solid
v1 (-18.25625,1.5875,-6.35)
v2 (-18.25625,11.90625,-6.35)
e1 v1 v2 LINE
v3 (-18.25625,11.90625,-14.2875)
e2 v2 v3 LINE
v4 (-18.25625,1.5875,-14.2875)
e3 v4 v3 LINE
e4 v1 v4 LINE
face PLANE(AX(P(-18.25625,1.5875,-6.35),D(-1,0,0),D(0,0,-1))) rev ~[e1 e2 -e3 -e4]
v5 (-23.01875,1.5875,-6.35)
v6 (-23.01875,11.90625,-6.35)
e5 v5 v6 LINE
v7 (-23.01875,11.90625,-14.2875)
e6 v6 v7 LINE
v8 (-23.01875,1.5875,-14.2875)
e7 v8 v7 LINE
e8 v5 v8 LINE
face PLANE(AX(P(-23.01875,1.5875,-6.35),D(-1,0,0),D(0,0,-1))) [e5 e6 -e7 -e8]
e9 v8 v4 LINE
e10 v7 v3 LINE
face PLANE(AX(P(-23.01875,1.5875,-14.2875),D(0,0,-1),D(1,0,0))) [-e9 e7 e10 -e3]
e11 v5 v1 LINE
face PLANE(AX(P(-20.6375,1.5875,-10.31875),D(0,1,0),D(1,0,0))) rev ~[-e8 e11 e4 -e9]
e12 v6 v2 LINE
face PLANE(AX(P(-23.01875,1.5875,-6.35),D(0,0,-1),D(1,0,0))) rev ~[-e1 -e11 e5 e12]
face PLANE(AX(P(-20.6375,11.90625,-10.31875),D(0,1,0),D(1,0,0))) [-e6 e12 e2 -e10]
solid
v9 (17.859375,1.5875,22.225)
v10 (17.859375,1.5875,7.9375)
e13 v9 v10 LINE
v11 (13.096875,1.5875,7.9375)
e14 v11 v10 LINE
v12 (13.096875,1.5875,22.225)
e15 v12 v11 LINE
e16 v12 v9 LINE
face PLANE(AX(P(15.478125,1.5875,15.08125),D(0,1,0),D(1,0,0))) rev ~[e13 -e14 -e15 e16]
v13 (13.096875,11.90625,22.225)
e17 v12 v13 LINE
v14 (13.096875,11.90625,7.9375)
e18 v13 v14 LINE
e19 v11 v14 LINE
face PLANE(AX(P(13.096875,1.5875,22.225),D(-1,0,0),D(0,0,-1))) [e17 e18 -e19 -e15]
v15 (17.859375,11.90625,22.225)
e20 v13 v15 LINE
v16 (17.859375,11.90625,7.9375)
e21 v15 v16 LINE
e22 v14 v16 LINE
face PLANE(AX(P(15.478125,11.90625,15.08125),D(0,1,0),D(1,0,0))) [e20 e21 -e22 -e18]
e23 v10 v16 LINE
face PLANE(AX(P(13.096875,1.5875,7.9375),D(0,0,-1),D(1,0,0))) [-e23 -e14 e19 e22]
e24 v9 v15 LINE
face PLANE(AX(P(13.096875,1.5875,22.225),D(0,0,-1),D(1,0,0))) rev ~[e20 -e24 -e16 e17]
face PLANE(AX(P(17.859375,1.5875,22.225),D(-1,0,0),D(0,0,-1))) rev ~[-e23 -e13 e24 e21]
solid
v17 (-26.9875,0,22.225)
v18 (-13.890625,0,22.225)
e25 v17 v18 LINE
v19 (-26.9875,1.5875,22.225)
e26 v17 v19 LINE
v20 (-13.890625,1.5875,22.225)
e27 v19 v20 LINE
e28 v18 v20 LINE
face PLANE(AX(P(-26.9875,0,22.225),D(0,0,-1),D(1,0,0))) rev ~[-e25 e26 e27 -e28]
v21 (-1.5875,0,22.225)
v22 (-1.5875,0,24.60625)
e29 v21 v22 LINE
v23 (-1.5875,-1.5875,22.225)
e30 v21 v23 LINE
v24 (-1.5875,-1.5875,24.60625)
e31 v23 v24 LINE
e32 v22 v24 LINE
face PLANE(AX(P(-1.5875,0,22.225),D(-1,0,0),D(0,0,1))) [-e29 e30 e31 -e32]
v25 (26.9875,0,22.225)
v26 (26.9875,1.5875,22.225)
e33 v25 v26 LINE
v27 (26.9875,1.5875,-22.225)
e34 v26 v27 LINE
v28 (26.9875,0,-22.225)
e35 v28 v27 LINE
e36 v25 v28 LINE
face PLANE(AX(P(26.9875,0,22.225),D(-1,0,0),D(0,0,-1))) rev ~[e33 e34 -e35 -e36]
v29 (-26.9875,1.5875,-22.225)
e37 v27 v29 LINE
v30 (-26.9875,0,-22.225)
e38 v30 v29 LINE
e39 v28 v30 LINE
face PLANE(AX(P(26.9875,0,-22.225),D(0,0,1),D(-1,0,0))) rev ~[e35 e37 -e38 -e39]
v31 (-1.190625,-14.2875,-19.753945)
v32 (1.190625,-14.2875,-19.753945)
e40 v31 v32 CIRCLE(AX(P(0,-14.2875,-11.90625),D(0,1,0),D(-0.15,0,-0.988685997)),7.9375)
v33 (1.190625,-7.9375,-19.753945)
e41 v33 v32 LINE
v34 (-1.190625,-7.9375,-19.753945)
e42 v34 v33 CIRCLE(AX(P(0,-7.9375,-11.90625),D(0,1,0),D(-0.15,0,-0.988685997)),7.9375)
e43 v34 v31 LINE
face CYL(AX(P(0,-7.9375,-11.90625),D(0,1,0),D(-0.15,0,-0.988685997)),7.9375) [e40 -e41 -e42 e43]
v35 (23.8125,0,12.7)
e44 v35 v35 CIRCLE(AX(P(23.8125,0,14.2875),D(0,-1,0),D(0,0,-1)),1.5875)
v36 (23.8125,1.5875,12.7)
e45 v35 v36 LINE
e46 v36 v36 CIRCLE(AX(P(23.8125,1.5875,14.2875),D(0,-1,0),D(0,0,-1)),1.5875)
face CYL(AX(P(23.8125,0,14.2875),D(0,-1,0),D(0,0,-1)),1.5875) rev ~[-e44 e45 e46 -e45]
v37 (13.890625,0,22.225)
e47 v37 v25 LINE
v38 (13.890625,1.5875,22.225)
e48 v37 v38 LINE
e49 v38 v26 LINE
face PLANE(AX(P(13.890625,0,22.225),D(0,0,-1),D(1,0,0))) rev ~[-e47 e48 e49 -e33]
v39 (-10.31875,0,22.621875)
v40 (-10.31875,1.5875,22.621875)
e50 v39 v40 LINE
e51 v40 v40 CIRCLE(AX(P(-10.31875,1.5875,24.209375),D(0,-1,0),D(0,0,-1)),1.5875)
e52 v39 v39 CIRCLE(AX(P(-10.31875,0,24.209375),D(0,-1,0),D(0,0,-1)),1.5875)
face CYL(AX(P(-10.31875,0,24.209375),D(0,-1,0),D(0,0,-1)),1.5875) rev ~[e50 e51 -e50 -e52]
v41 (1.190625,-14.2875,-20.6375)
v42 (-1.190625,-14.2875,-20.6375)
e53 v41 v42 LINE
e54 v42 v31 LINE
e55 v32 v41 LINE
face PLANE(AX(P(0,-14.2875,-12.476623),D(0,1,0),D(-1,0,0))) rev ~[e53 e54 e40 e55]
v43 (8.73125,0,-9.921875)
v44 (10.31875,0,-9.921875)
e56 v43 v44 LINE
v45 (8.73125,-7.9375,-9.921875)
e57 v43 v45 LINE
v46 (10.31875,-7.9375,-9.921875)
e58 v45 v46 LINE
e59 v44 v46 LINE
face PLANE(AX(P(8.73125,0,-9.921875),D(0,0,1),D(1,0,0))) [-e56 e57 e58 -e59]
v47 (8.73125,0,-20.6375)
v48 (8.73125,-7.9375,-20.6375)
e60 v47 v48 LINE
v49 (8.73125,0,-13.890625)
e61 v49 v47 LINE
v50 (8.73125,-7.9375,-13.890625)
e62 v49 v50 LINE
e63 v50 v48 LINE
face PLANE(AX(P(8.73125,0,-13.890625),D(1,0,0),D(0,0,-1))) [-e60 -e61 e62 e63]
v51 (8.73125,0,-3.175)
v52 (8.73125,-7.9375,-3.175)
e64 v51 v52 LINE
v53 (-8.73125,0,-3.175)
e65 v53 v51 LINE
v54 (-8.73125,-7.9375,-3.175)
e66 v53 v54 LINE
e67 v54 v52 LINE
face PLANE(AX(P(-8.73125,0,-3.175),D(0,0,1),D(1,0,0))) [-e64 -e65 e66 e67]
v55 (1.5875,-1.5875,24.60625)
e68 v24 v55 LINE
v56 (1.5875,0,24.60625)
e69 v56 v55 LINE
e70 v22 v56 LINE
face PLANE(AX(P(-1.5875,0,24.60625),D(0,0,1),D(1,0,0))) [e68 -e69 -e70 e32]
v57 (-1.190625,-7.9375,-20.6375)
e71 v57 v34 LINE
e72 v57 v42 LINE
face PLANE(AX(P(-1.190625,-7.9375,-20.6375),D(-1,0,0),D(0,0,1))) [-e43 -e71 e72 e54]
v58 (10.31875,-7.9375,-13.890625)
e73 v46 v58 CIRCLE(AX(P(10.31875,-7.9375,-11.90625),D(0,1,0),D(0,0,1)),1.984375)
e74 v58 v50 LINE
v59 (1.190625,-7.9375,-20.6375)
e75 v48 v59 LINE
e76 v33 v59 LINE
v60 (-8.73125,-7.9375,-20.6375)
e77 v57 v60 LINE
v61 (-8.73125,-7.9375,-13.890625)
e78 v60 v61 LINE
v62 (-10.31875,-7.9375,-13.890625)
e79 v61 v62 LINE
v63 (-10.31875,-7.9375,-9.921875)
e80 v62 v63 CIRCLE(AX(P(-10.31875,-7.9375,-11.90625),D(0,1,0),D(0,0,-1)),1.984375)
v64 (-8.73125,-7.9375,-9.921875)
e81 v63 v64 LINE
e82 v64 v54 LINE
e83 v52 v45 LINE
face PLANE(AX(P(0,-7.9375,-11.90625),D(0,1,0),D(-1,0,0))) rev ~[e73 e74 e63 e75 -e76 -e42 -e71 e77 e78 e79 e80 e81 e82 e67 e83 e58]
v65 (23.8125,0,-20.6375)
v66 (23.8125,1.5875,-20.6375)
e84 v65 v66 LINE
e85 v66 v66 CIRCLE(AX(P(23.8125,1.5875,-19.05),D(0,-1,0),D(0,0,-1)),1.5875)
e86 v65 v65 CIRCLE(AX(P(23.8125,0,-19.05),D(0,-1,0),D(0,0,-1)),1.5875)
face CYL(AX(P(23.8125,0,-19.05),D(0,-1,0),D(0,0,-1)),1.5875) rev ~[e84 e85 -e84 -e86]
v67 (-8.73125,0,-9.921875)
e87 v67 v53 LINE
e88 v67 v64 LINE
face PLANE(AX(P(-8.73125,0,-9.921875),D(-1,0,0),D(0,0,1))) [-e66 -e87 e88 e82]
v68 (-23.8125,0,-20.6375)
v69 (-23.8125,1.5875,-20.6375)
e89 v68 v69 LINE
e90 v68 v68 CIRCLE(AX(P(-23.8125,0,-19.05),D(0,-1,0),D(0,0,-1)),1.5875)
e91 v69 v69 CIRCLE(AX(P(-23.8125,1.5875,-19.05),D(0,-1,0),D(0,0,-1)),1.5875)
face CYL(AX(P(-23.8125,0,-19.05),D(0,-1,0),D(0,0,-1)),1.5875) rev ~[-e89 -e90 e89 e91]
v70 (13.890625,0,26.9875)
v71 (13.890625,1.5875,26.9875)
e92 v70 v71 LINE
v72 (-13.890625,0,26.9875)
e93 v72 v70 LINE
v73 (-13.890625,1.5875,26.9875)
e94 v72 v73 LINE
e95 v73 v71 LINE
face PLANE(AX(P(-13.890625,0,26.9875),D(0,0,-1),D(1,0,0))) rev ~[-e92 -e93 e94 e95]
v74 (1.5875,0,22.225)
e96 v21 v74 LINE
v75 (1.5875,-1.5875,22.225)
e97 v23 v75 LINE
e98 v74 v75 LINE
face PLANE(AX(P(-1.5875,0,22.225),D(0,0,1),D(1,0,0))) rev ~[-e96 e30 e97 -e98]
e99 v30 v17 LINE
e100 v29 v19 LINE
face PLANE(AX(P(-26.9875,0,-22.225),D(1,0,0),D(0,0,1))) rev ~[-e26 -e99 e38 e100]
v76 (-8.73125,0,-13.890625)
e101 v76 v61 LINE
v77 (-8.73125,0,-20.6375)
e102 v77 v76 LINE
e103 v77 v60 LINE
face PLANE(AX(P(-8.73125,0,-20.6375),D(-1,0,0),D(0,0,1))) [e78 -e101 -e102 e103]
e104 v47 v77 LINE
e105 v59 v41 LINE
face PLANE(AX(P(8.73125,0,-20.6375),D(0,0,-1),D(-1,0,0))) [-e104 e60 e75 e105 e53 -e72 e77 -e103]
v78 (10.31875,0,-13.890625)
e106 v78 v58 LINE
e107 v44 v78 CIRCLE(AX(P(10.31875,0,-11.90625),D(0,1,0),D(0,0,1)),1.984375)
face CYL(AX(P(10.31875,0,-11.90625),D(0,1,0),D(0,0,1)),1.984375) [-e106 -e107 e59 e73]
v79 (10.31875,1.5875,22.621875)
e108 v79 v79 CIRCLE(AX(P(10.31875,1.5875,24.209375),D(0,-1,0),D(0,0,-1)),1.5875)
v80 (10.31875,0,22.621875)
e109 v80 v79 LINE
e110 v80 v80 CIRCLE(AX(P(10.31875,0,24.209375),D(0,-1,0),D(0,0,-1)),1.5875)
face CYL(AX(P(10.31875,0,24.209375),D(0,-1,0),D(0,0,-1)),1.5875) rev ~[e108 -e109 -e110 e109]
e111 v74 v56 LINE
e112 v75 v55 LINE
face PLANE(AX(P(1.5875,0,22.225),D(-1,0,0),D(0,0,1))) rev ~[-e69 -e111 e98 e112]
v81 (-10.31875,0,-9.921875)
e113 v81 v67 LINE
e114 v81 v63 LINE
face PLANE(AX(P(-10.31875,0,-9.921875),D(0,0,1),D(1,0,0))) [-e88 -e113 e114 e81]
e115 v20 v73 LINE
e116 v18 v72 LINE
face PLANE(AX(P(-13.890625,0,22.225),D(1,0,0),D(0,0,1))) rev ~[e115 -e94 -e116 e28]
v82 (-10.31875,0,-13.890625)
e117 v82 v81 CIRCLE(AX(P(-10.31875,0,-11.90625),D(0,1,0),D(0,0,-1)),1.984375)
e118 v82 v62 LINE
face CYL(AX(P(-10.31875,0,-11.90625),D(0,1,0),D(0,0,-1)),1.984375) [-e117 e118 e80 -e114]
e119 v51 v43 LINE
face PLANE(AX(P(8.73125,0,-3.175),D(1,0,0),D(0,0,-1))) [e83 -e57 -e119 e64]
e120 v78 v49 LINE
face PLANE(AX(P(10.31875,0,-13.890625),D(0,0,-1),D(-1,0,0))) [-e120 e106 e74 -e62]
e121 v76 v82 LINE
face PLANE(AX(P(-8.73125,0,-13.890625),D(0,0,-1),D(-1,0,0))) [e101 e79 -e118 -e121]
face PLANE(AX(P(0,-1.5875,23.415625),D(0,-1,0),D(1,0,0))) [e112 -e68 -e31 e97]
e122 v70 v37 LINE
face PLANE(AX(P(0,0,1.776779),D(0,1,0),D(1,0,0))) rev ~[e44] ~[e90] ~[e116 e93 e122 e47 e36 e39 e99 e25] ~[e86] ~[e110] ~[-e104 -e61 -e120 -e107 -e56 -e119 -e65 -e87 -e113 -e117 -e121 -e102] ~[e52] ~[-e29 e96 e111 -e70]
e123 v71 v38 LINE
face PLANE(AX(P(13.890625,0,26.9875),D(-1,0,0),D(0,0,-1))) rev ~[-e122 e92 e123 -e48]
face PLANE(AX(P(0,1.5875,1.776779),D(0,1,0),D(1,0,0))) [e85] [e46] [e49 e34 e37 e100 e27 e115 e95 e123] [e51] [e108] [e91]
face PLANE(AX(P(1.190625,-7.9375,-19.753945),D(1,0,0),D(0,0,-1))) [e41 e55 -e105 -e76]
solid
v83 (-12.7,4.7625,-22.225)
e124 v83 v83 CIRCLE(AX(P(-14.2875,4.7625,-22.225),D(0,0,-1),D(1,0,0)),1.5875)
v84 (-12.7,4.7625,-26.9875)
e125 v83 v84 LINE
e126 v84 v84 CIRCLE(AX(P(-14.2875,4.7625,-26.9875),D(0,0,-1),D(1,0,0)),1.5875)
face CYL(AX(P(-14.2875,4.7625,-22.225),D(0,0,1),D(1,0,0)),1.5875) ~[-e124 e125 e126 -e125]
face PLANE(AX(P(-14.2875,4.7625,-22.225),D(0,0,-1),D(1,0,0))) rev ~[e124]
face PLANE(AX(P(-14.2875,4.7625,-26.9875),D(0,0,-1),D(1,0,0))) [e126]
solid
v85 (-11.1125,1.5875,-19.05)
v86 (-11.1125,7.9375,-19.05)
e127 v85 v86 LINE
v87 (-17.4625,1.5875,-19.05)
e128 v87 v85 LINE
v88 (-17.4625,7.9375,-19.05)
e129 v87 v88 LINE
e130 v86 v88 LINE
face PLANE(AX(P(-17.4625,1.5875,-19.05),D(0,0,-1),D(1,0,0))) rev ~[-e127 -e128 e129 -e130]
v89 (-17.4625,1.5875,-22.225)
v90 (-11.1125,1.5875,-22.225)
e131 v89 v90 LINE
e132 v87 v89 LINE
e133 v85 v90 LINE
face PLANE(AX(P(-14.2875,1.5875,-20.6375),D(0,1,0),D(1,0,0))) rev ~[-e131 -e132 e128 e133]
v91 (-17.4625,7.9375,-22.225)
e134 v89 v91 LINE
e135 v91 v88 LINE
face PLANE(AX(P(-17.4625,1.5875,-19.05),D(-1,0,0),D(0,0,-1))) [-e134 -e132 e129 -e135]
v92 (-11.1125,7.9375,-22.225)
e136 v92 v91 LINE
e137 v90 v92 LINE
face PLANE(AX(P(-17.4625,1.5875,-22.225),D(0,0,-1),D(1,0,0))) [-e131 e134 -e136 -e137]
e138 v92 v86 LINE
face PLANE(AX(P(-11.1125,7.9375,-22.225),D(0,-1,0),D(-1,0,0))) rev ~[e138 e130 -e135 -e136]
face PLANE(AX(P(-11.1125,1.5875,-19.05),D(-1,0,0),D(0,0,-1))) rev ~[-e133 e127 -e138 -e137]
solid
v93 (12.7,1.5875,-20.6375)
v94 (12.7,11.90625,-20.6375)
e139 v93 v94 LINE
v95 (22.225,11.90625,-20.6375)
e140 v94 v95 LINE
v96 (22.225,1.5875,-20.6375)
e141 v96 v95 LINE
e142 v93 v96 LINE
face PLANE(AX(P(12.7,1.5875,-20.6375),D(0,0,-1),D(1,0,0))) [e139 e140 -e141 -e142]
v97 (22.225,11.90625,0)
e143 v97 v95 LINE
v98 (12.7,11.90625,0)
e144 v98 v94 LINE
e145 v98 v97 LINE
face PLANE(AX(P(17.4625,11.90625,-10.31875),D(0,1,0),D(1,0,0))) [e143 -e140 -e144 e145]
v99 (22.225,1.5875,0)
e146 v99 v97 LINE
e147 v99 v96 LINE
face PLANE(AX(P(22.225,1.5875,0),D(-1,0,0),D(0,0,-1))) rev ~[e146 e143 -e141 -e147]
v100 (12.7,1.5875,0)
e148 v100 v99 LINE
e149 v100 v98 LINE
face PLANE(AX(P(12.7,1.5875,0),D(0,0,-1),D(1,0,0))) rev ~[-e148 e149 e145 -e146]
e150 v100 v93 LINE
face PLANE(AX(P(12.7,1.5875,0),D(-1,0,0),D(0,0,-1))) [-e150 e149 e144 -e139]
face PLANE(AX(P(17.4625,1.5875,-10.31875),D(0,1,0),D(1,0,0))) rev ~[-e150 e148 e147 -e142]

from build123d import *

# Parameters (mm, degrees)
BOSS_EXTRUDE1_DEPTH   = 1.5875
SKETCH2_W             = 4.7625
SKETCH2_H             = 14.2875
BOSS_EXTRUDE2_DEPTH   = 10.31875
SKETCH2_H_2           = 7.9375
BOSS_EXTRUDE2_2_DEPTH = 10.31875
SKETCH2_W_2           = 6.35
SKETCH2_H_3           = 3.175
BOSS_EXTRUDE2_3_DEPTH = 10.31875
SKETCH2_W_3           = 9.525
SKETCH2_H_4           = 20.6375
BOSS_EXTRUDE2_4_DEPTH = 10.31875
SKETCH3_R             = 1.5875
BOSS_EXTRUDE3_DEPTH   = 4.7625
SKETCH4_W             = 6.35
SKETCH4_H             = 3.96875
CUT_EXTRUDE1_DEPTH    = 58.37555317
BOSS_EXTRUDE4_DEPTH   = 7.9375
BOSS_EXTRUDE5_DEPTH   = 6.35
SKETCH7_R             = 1.5875
CUT_EXTRUDE2_DEPTH    = 41.752705048
SKETCH9_W             = 3.175
SKETCH9_H             = 2.38125
BOSS_EXTRUDE6_DEPTH   = 1.5875


with BuildPart() as part:
    # Sketch1 → Boss-Extrude1 (new body)
    with BuildSketch(Plane(origin=(0, 0, 0), x_dir=(1, 0, 0), z_dir=(0, 1, 0))):
        Polygon((13.890625, -22.225), (26.9875, -22.225), (26.9875, 22.225), (-26.9875, 22.225), (-26.9875, -22.225), (-13.890625, -22.225), (-13.890625, -26.9875), (13.890625, -26.9875), align=None)
    extrude(amount=BOSS_EXTRUDE1_DEPTH)

    # Sketch5 → Boss-Extrude4 (add)
    with BuildSketch(Plane.XZ):
        with BuildLine():
            Line((8.73125, -20.6375), (-8.73125, -20.6375))
            Line((-8.73125, -20.6375), (-8.73125, -13.890625))
            Line((-8.73125, -13.890625), (-10.31875, -13.890625))
            ThreePointArc((-10.31875, -13.890625), (-12.303125, -11.90625), (-10.31875, -9.921875))
            Line((-10.31875, -9.921875), (-8.73125, -9.921875))
            Line((-8.73125, -9.921875), (-8.73125, -3.175))
            Line((-8.73125, -3.175), (8.73125, -3.175))
            Line((8.73125, -3.175), (8.73125, -9.921875))
            Line((8.73125, -9.921875), (10.31875, -9.921875))
            ThreePointArc((10.31875, -9.921875), (12.303125, -11.90625), (10.31875, -13.890625))
            Line((10.31875, -13.890625), (8.73125, -13.890625))
            Line((8.73125, -13.890625), (8.73125, -20.6375))
        make_face()
    extrude(amount=BOSS_EXTRUDE4_DEPTH)

    # Sketch6 → Boss-Extrude5 (add)
    with BuildSketch(Plane.XZ.offset(7.9375)):
        with BuildLine():
            Line((1.190625, -20.6375), (-1.190625, -20.6375))
            Line((-1.190625, -20.6375), (-1.190625, -19.753945099))
            ThreePointArc((-1.190625, -19.753945099), (0, -3.96875), (1.190625, -19.753945099))
            Line((1.190625, -19.753945099), (1.190625, -20.6375))
        make_face()
    extrude(amount=BOSS_EXTRUDE5_DEPTH)

    # Sketch7 → Cut-Extrude2 (cut, through all)
    with BuildSketch(Plane.XZ):
        with Locations(Location((23.8125, -19.05, 0), (0, 0, 270))):
            Circle(SKETCH7_R)
        with Locations(Location((-23.8125, -19.05, 0), (0, 0, 270))):
            Circle(SKETCH7_R)
        with Locations(Location((-10.31875, 24.209375, 0), (0, 0, 270))):
            Circle(SKETCH7_R)
        with Locations(Location((10.31875, 24.209375, 0), (0, 0, 270))):
            Circle(SKETCH7_R)
        with Locations(Location((23.8125, 14.2875, 0), (0, 0, 270))):
            Circle(SKETCH7_R)
    extrude(amount=-CUT_EXTRUDE2_DEPTH, mode=Mode.SUBTRACT)

    # Sketch9 → Boss-Extrude6 (add)
    with BuildSketch(Plane.XZ):
        with Locations((0, 23.415625)):
            Rectangle(SKETCH9_W, SKETCH9_H)
    extrude(amount=BOSS_EXTRUDE6_DEPTH)


with BuildPart() as body_2:
    # Sketch2 → Boss-Extrude2 (new body)
    with BuildSketch(Plane(origin=(0, 1.5875, 0), x_dir=(1, 0, 0), z_dir=(0, 1, 0))):
        with Locations((15.478125, -15.08125)):
            Rectangle(SKETCH2_W, SKETCH2_H)
    extrude(amount=BOSS_EXTRUDE2_DEPTH)


with BuildPart() as body_3:
    # Sketch2 → Boss-Extrude2 2 (new body)
    with BuildSketch(Plane(origin=(0, 1.5875, 0), x_dir=(1, 0, 0), z_dir=(0, 1, 0))):
        with Locations((-20.6375, 10.31875)):
            Rectangle(SKETCH2_W, SKETCH2_H_2)
    extrude(amount=BOSS_EXTRUDE2_2_DEPTH)


with BuildPart() as body_4:
    # Sketch2 → Boss-Extrude2 3 (new body)
    with BuildSketch(Plane(origin=(0, 1.5875, 0), x_dir=(1, 0, 0), z_dir=(0, 1, 0))):
        with Locations((-14.2875, 20.6375)):
            Rectangle(SKETCH2_W_2, SKETCH2_H_3)
    extrude(amount=BOSS_EXTRUDE2_3_DEPTH)

    # Sketch4 → Cut-Extrude1 (cut, through all)
    with BuildSketch(Plane(origin=(0, 0, -22.225), x_dir=(-1, 0, 0), z_dir=(0, 0, -1))):
        with Locations((14.2875, 9.921875)):
            Rectangle(SKETCH4_W, SKETCH4_H)
    extrude(amount=-CUT_EXTRUDE1_DEPTH, mode=Mode.SUBTRACT)


with BuildPart() as body_5:
    # Sketch2 → Boss-Extrude2 4 (new body)
    with BuildSketch(Plane(origin=(0, 1.5875, 0), x_dir=(1, 0, 0), z_dir=(0, 1, 0))):
        with Locations((17.4625, 10.31875)):
            Rectangle(SKETCH2_W_3, SKETCH2_H_4)
    extrude(amount=BOSS_EXTRUDE2_4_DEPTH)


with BuildPart() as body_6:
    # Sketch3 → Boss-Extrude3 (new body)
    with BuildSketch(Plane(origin=(0, 0, -22.225), x_dir=(-1, 0, 0), z_dir=(0, 0, -1))):
        with Locations(Location((14.2875, 4.7625, 0), (0, 0, 180))):
            Circle(SKETCH3_R)
    extrude(amount=BOSS_EXTRUDE3_DEPTH)


solid = Compound([part.part, body_2.part, body_3.part, body_4.part, body_5.part, body_6.part])
